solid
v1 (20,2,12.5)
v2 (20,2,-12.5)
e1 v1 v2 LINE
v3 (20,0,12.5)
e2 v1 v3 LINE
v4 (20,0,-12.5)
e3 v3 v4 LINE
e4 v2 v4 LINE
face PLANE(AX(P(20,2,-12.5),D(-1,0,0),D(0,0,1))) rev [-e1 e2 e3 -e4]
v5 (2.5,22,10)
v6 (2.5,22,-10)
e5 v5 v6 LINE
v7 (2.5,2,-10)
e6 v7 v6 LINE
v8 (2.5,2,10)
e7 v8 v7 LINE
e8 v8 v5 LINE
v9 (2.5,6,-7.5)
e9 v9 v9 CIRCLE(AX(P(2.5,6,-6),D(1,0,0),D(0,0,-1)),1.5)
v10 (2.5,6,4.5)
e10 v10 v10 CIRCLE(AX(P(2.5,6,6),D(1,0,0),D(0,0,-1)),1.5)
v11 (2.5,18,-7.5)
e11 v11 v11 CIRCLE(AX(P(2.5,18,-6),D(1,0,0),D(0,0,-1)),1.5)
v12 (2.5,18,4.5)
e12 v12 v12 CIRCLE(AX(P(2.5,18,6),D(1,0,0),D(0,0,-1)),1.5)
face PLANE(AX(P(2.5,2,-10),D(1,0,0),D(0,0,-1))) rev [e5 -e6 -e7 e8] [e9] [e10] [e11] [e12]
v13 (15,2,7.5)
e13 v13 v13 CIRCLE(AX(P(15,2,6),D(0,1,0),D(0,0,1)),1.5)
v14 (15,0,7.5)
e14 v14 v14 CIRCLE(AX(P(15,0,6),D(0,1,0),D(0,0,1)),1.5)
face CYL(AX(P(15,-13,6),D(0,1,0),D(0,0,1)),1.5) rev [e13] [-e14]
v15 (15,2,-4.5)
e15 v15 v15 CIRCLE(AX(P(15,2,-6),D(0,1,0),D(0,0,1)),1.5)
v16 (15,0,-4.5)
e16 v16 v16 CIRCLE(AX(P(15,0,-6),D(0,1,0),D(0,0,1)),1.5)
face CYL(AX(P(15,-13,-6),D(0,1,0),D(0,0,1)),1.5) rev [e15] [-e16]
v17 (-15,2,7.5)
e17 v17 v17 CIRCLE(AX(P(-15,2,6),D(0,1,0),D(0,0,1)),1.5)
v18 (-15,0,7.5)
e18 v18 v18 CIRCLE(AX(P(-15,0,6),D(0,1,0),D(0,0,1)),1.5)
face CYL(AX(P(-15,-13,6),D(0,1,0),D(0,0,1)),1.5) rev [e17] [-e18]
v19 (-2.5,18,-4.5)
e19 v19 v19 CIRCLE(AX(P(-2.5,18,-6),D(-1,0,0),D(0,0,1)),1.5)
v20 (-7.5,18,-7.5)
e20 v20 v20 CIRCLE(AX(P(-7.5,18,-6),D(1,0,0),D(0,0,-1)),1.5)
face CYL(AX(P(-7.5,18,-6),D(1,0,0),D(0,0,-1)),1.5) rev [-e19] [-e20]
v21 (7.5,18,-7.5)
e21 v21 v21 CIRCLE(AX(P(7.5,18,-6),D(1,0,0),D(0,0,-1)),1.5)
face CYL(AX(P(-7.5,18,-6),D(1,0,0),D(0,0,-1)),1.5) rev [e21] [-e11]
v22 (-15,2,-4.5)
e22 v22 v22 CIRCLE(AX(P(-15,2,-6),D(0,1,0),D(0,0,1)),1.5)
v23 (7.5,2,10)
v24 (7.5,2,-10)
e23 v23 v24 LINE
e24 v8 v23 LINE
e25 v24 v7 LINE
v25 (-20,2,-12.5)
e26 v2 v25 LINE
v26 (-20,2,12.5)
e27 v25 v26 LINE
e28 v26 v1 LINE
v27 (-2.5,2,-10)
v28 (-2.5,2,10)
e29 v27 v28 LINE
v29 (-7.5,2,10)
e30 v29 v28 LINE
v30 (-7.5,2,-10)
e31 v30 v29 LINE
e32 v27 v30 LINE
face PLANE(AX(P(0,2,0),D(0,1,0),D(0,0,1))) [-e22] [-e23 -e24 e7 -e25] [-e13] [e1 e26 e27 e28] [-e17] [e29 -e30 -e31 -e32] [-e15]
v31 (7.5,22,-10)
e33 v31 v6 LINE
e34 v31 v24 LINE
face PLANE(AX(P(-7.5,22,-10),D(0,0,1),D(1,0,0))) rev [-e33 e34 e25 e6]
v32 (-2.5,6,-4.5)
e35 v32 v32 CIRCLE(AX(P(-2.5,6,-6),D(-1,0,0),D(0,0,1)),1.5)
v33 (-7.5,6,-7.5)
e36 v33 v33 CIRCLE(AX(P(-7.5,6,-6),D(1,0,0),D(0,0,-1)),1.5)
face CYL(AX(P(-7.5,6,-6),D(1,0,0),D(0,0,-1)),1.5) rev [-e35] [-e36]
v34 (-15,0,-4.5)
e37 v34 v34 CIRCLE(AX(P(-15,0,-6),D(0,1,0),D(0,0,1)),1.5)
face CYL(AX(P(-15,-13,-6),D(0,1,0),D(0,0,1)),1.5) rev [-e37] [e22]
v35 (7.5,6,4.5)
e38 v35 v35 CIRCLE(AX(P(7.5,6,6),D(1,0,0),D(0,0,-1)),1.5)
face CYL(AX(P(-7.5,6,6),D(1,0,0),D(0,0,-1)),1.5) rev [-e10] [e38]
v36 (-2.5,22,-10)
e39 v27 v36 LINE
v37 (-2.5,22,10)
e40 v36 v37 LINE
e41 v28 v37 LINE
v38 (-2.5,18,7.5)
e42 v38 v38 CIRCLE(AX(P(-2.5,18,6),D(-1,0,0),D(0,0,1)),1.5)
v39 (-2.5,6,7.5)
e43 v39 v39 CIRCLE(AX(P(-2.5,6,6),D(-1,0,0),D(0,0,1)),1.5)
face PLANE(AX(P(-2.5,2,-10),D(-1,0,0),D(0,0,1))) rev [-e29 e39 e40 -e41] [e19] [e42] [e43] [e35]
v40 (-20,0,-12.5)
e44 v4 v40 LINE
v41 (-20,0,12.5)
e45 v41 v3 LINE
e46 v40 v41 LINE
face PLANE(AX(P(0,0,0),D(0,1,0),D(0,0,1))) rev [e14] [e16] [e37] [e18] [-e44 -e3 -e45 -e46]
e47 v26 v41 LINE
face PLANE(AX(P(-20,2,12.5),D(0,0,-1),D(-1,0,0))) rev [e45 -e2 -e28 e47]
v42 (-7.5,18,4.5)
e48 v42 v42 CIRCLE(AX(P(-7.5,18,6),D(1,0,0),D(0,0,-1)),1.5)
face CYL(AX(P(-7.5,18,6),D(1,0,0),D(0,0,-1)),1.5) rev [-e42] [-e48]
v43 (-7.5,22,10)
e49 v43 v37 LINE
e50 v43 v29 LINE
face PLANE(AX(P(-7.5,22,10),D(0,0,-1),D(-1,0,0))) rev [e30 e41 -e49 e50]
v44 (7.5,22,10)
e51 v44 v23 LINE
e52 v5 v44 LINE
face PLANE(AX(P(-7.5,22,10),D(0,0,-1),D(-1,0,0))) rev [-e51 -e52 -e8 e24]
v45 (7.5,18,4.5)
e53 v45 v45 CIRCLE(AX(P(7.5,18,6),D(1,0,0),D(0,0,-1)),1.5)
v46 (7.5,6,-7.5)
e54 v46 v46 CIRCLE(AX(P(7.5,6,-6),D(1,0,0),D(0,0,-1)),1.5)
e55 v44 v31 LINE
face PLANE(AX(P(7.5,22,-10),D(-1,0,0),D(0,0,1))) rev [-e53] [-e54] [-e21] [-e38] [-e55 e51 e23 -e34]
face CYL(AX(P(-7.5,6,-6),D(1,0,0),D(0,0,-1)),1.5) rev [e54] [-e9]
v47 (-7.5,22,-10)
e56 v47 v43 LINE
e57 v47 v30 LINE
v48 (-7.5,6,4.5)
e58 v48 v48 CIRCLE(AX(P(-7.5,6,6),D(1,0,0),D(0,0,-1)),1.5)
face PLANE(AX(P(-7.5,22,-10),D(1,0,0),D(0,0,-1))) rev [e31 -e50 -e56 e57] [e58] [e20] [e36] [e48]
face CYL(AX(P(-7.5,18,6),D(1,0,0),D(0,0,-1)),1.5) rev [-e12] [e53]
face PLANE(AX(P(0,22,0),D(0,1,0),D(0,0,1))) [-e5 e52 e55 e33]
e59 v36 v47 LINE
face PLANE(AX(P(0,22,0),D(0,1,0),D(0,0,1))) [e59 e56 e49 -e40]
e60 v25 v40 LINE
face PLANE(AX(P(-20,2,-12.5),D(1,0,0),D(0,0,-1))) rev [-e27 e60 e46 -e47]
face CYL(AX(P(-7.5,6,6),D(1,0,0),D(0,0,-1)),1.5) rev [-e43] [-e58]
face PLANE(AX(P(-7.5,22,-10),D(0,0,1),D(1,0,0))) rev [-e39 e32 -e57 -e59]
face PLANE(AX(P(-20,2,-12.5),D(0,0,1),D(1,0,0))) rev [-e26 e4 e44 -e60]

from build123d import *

# Parameters (mm, degrees)
SKETCH_1_W          = 40
SKETCH_1_H          = 25
EXTRUDE_2_DEPTH     = 2
SKETCH_3_W          = 15
SKETCH_3_H          = 20
EXTRUDE_3_DEPTH     = 20
SKETCH_4_W          = 5
SKETCH_4_H          = 20
CUT_EXTRUDE_1_DEPTH = 20
SKETCH_5_R          = 1.5
CUT_EXTRUDE_2_DEPTH = 15
SKETCH_6_R          = 1.5
CUT_EXTRUDE_3_DEPTH = 15


with BuildPart() as part:
    # 草图1 → 凸台-拉伸2 (new body)
    with BuildSketch(Plane(origin=(0, 0, 0), x_dir=(1, 0, 0), z_dir=(0, 1, 0))):
        Rectangle(SKETCH_1_W, SKETCH_1_H)
    extrude(amount=EXTRUDE_2_DEPTH)

    # 草图3 → 凸台-拉伸3 (add)
    with BuildSketch(Plane(origin=(0, 2, 0), x_dir=(1, 0, 0), z_dir=(0, 1, 0))):
        Rectangle(SKETCH_3_W, SKETCH_3_H)
    extrude(amount=EXTRUDE_3_DEPTH)

    # 草图4 → 切除-拉伸1 (cut)
    with BuildSketch(Plane(origin=(0, 22, 0), x_dir=(1, 0, 0), z_dir=(0, 1, 0))):
        Rectangle(SKETCH_4_W, SKETCH_4_H)
    extrude(amount=-CUT_EXTRUDE_1_DEPTH, mode=Mode.SUBTRACT)

    # 草图5 → 切除-拉伸2 (cut)
    with BuildSketch(Plane(origin=(7.5, 0, 0), x_dir=(0, 0, -1), z_dir=(1, 0, 0))):
        with Locations((-6, 18)):
            Circle(SKETCH_5_R)
        with Locations((6, 18)):
            Circle(SKETCH_5_R)
        with Locations((-6, 6)):
            Circle(SKETCH_5_R)
        with Locations((6, 6)):
            Circle(SKETCH_5_R)
    extrude(amount=-CUT_EXTRUDE_2_DEPTH, mode=Mode.SUBTRACT)

    # 草图6 → 切除-拉伸3 (cut)
    with BuildSketch(Plane(origin=(0, 2, 0), x_dir=(1, 0, 0), z_dir=(0, 1, 0))):
        with Locations(Location((-15, 6, 0), (0, 0, 270))):
            Circle(SKETCH_6_R)
        with Locations(Location((-15, -6, 0), (0, 0, 270))):
            Circle(SKETCH_6_R)
        with Locations(Location((15, 6, 0), (0, 0, 270))):
            Circle(SKETCH_6_R)
        with Locations(Location((15, -6, 0), (0, 0, 270))):
            Circle(SKETCH_6_R)
    extrude(amount=-CUT_EXTRUDE_3_DEPTH, mode=Mode.SUBTRACT)


solid = part.part
